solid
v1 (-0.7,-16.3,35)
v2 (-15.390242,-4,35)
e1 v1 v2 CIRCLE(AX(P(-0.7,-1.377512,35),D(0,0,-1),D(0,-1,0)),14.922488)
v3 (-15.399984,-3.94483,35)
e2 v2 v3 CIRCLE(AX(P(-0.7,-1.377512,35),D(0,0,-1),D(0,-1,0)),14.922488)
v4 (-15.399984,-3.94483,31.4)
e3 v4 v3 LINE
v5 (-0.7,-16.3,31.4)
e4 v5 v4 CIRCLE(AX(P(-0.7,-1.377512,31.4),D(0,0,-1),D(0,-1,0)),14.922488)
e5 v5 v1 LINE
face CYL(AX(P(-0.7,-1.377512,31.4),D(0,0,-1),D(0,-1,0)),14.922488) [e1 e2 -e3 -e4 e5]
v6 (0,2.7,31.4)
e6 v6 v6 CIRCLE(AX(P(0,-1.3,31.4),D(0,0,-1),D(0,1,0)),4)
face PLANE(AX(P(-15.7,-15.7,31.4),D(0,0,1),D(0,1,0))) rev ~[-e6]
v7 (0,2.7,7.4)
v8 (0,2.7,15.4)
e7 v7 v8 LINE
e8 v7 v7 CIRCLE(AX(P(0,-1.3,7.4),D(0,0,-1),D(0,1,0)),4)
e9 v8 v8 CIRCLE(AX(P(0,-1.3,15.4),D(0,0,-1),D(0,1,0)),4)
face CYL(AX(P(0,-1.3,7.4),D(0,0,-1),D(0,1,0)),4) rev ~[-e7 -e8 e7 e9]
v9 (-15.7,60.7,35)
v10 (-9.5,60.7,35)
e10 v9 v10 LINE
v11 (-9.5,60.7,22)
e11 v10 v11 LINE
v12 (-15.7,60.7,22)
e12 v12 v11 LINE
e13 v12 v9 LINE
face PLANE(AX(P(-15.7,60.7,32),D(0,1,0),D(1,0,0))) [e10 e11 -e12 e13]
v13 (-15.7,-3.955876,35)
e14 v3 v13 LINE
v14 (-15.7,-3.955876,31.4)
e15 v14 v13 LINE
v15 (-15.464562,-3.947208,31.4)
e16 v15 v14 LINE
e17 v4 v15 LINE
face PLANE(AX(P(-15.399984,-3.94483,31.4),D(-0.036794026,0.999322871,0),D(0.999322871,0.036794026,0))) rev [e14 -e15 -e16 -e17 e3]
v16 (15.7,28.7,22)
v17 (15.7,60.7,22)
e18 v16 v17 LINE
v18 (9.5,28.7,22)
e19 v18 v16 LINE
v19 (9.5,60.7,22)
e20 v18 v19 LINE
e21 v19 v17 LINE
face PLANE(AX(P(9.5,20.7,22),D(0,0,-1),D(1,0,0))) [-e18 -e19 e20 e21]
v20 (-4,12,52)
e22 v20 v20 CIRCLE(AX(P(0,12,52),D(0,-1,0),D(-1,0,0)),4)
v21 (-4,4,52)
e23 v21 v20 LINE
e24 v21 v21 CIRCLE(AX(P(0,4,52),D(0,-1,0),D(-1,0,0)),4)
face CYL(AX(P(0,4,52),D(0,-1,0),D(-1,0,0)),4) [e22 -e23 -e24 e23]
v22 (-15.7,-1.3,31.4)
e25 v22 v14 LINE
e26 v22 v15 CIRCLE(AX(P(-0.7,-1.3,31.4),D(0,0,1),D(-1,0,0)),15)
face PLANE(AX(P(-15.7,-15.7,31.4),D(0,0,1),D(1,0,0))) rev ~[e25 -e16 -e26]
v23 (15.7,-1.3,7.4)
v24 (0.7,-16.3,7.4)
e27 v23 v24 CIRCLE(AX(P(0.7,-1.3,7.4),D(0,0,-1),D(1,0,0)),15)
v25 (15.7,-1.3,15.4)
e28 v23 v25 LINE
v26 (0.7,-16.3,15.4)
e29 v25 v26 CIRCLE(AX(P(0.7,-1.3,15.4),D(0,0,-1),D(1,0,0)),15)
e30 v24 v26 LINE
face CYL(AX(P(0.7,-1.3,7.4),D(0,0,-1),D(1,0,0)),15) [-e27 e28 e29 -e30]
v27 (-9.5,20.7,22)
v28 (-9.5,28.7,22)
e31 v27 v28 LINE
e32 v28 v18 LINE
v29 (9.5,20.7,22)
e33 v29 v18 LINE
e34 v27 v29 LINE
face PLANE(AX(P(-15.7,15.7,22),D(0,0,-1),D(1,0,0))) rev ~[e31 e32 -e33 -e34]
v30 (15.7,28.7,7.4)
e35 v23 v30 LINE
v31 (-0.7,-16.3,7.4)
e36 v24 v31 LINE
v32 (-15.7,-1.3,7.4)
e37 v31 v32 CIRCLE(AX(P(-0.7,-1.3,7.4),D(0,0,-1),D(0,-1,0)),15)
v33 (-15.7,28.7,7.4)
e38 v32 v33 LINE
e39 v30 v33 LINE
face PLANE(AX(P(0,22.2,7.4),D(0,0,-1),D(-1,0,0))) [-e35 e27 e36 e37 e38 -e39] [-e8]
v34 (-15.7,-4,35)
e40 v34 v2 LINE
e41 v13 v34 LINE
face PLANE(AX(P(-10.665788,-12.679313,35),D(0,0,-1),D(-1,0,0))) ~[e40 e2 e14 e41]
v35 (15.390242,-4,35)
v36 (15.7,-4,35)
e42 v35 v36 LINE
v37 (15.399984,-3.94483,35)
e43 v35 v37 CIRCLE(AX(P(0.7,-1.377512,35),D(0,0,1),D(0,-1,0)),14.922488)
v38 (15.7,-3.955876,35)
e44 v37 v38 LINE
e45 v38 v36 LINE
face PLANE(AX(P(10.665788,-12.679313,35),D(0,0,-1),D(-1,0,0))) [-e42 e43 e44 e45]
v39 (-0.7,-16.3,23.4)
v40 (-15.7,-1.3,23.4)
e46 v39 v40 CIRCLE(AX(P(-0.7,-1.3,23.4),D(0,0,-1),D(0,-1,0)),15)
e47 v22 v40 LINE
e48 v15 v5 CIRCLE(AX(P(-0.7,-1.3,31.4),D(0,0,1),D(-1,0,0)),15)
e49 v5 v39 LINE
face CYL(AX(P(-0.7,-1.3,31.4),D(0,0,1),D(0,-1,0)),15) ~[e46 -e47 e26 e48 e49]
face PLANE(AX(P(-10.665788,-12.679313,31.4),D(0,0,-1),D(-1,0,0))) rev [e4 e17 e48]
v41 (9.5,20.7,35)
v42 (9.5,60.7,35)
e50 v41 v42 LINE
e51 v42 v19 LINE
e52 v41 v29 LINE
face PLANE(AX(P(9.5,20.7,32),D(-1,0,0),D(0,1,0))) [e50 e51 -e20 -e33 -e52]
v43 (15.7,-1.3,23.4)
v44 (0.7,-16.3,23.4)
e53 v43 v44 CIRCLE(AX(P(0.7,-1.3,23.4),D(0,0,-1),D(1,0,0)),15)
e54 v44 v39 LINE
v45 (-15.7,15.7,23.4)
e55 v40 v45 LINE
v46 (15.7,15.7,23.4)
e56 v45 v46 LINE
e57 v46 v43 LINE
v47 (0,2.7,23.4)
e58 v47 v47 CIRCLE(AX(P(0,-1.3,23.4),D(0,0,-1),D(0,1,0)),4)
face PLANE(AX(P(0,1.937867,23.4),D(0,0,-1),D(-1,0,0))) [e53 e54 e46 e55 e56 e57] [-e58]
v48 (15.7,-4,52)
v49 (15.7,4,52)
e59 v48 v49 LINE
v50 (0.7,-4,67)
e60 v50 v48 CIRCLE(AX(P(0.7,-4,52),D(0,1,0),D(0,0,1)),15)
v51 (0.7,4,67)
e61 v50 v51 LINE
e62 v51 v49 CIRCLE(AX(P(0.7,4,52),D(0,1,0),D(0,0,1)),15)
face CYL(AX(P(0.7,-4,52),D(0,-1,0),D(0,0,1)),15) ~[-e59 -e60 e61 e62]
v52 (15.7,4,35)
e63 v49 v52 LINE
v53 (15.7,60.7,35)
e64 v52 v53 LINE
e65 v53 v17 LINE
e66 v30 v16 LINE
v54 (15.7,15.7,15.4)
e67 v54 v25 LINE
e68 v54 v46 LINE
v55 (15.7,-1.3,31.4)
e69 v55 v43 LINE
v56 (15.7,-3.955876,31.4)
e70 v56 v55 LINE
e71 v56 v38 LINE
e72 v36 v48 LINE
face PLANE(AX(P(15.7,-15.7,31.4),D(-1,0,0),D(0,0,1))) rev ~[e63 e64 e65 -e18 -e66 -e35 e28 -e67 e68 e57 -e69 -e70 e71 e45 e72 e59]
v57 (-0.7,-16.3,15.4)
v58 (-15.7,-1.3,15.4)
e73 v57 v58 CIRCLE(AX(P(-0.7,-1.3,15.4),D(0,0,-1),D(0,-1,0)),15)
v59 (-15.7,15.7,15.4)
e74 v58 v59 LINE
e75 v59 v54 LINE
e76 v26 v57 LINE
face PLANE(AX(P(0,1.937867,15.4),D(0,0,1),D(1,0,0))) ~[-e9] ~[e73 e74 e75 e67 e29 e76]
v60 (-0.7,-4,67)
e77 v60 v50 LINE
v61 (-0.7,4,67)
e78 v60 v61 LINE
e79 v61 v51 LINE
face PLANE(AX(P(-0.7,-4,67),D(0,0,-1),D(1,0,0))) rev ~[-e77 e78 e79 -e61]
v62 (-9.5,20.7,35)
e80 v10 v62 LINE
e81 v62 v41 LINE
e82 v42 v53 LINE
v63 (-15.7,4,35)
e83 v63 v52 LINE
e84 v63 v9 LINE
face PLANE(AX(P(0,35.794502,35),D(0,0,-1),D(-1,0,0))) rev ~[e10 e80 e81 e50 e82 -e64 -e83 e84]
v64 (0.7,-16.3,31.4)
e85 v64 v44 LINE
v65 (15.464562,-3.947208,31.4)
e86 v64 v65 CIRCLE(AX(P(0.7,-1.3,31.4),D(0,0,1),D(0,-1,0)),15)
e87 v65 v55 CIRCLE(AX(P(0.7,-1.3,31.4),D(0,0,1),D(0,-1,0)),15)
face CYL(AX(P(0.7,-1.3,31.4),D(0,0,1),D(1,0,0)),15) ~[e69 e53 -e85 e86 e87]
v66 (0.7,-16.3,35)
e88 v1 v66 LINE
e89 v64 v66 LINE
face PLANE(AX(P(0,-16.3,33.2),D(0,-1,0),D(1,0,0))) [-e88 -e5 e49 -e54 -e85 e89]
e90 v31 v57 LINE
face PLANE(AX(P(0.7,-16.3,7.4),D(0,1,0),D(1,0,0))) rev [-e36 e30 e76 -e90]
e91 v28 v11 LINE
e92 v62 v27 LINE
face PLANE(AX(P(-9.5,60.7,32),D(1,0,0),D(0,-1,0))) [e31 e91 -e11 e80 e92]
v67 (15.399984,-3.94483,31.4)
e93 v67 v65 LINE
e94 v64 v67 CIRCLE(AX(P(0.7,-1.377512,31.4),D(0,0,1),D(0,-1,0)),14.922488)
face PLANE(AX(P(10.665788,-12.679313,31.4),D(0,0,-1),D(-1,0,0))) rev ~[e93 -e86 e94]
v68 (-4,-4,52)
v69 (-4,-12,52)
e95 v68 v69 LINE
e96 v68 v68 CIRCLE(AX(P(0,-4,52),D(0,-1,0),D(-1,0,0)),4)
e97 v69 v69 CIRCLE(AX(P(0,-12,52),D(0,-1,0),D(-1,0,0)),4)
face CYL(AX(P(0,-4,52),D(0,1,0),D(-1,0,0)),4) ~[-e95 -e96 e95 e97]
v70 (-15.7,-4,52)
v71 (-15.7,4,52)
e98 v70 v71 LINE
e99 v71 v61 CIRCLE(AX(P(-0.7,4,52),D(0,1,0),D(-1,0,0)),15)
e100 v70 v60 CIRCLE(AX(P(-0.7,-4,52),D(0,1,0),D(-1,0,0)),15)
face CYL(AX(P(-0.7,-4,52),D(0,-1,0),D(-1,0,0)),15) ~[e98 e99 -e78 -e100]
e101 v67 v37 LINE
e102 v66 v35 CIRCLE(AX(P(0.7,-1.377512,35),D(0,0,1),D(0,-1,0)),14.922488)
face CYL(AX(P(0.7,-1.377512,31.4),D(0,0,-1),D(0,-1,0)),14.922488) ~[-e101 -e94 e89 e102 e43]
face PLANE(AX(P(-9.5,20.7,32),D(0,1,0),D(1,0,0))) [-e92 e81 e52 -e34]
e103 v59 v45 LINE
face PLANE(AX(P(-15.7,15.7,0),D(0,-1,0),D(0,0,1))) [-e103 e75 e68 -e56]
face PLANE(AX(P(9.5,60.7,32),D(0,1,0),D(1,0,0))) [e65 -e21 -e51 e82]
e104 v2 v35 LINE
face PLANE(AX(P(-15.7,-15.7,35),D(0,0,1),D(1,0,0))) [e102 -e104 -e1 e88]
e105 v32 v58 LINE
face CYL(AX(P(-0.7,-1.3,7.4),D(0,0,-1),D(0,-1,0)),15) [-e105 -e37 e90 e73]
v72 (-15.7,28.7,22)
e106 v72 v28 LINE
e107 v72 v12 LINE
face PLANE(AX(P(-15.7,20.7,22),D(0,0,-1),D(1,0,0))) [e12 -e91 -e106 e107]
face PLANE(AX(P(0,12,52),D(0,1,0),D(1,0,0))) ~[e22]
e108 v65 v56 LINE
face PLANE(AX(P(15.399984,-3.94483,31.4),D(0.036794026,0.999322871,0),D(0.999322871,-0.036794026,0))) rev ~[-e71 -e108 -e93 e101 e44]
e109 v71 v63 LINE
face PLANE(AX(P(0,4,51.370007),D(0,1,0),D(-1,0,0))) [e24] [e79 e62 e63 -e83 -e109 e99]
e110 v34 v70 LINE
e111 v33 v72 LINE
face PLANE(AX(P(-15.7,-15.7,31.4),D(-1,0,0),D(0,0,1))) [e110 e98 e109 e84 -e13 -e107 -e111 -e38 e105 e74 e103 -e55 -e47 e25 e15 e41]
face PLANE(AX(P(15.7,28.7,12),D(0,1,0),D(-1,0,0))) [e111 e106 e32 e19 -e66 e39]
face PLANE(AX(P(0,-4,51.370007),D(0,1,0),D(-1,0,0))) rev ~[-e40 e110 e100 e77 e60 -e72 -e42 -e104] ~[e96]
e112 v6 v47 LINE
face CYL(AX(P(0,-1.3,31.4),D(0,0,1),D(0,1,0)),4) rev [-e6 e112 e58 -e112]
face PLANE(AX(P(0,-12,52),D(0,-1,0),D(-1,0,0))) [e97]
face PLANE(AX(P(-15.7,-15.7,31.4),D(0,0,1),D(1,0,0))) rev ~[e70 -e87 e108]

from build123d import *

# Parameters (mm, degrees)
SKETCH4_W            = 31.4
SKETCH4_H            = 31.4
SKETCH4_W_2          = 25.4
SKETCH4_H_2          = 25.4
BOSS_EXTRUDE3_DEPTH  = 30
SKETCH5_W            = 31.4
SKETCH5_H            = 31.4
BOSS_EXTRUDE4_DEPTH  = 5
SKETCH6_W            = 31.4
SKETCH6_H            = 8
BOSS_EXTRUDE5_DEPTH  = 5
BOSS_EXTRUDE6_DEPTH  = 8
SKETCH8_R            = 4
BOSS_EXTRUDE7_DEPTH  = 8
SKETCH9_W            = 31.4
SKETCH9_H            = 10
BOSS_EXTRUDE8_DEPTH  = 5
SKETCH10_W           = 31.4
SKETCH10_H           = 10
BOSS_EXTRUDE9_DEPTH  = 13
SKETCH11_W           = 6.2
SKETCH11_H           = 10
BOSS_EXTRUDE10_DEPTH = 40
BOSS_EXTRUDE11_DEPTH = 3
SKETCH13_W           = 31.4
SKETCH13_H           = 31.4
CUT_EXTRUDE1_DEPTH   = 31.4
SKETCH15_R           = 4
BOSS_EXTRUDE12_DEPTH = 8
SKETCH16_W           = 31.4
SKETCH16_H           = 13
BOSS_EXTRUDE13_DEPTH = 4.6
SKETCH17_W           = 31.4
SKETCH17_H           = 3.6
BOSS_EXTRUDE14_DEPTH = 0.6
CUT_EXTRUDE2_DEPTH   = 3.6


with BuildPart() as part:
    # Sketch4 → Boss-Extrude3 (new body)
    with BuildSketch(Plane.XY):
        Rectangle(SKETCH4_W, SKETCH4_H)
        Rectangle(SKETCH4_W_2, SKETCH4_H_2, mode=Mode.SUBTRACT)
    extrude(amount=BOSS_EXTRUDE3_DEPTH)

    # Sketch5 → Boss-Extrude4 (add)
    with BuildSketch(Plane.XY.offset(30)):
        Rectangle(SKETCH5_W, SKETCH5_H)
    extrude(amount=BOSS_EXTRUDE4_DEPTH)

    # Sketch6 → Boss-Extrude5 (add)
    with BuildSketch(Plane.XY.offset(35)):
        Rectangle(SKETCH6_W, SKETCH6_H)
    extrude(amount=BOSS_EXTRUDE5_DEPTH)

    # Sketch7 → Boss-Extrude6 (add)
    with BuildSketch(Plane.XZ.offset(4)):
        with BuildLine():
            Line((-15.7, 40), (-15.7, 52))
            ThreePointArc((-15.7, 52), (-11.306601718, 62.606601718), (-0.7, 67))
            Line((-0.7, 67), (0.7, 67))
            ThreePointArc((0.7, 67), (11.306601718, 62.606601718), (15.7, 52))
            Line((15.7, 52), (15.7, 40))
            Line((15.7, 40), (-15.7, 40))
        make_face()
    extrude(amount=-BOSS_EXTRUDE6_DEPTH)

    # Sketch8 → Boss-Extrude7 (add)
    with BuildSketch(Plane.XZ.offset(4)):
        with Locations(Location((0, 52, 0), (0, 0, 180))):
            Circle(SKETCH8_R)
    boss_extrude7 = extrude(amount=BOSS_EXTRUDE7_DEPTH)

    # Mirror1: Boss-Extrude7 across plane
    add(boss_extrude7.mirror(Plane.ZX))

    # Sketch9 → Boss-Extrude8 (add)
    with BuildSketch(Plane(origin=(0, 15.7, 0), x_dir=(1, 0, 0), z_dir=(0, 1, 0))):
        with Locations((0, -27)):
            Rectangle(SKETCH9_W, SKETCH9_H)
    extrude(amount=BOSS_EXTRUDE8_DEPTH)

    # Sketch10 → Boss-Extrude9 (add)
    with BuildSketch(Plane(origin=(0, 15.7, 0), x_dir=(1, 0, 0), z_dir=(0, 1, 0))):
        with Locations((0, -17)):
            Rectangle(SKETCH10_W, SKETCH10_H)
    extrude(amount=BOSS_EXTRUDE9_DEPTH)

    # Sketch11 → Boss-Extrude10 (add)
    with BuildSketch(Plane(origin=(0, 20.7, 0), x_dir=(1, 0, 0), z_dir=(0, 1, 0))):
        with Locations((-12.6, -27)):
            Rectangle(SKETCH11_W, SKETCH11_H)
        with Locations((12.6, -27)):
            Rectangle(SKETCH11_W, SKETCH11_H)
    extrude(amount=BOSS_EXTRUDE10_DEPTH)

    # Sketch12 → Boss-Extrude11 (add)
    with BuildSketch(Plane.XY.offset(32)):
        Polygon((-15.7, 60.7), (-9.5, 60.7), (-9.5, 20.7), (9.5, 20.7), (9.5, 60.7), (15.7, 60.7), (15.7, 15.7), (-15.7, 15.7), align=None)
    extrude(amount=BOSS_EXTRUDE11_DEPTH)

    # Sketch13 → Cut-Extrude1 (cut)
    with BuildSketch(Plane.ZY.offset(15.7)):
        with Locations((15.7, 0)):
            Rectangle(SKETCH13_W, SKETCH13_H)
    extrude(amount=-CUT_EXTRUDE1_DEPTH, mode=Mode.SUBTRACT)

    # Sketch15 → Boss-Extrude12 (add)
    with BuildSketch(Plane(origin=(0, 0, 31.4), x_dir=(-1, 0, 0), z_dir=(0, 0, -1))):
        with BuildLine():
            Line((15.7, -1.3), (15.7, 15.7))
            Line((15.7, 15.7), (-15.7, 15.7))
            Line((-15.7, 15.7), (-15.7, -1.3))
            ThreePointArc((-15.7, -1.3), (-11.306601718, -11.906601718), (-0.7, -16.3))
            Line((-0.7, -16.3), (0.7, -16.3))
            ThreePointArc((0.7, -16.3), (11.306601718, -11.906601718), (15.7, -1.3))
        make_face()
        with Locations(Location((0, -1.3, 0), (0, 0, 90))):
            Circle(SKETCH15_R, mode=Mode.SUBTRACT)
    boss_extrude12 = extrude(amount=BOSS_EXTRUDE12_DEPTH)

    # Mirror2: Boss-Extrude12 across plane
    add(boss_extrude12.mirror(Plane(origin=(0, 0, 19.4), x_dir=(1, 0, 0), z_dir=(0, 0, -1))))

    # Sketch16 → Boss-Extrude13 (add)
    with BuildSketch(Plane(origin=(0, 0, 12), x_dir=(-1, 0, 0), z_dir=(0, 0, -1))):
        with Locations((0, 22.2)):
            Rectangle(SKETCH16_W, SKETCH16_H)
    extrude(amount=BOSS_EXTRUDE13_DEPTH)

    # Sketch17 → Boss-Extrude14 (add)
    with BuildSketch(Plane.XZ.offset(15.7)):
        with Locations((0, 33.2)):
            Rectangle(SKETCH17_W, SKETCH17_H)
    extrude(amount=BOSS_EXTRUDE14_DEPTH)

    # Sketch24 → Cut-Extrude2 (cut)
    with BuildSketch(Plane(origin=(0, 0, 31.4), x_dir=(-1, 0, 0), z_dir=(0, 0, -1))):
        with BuildLine():
            Line((-15.7, -3.955876224), (-15.7, -16.3))
            Line((-15.7, -16.3), (-0.7, -16.3))
            ThreePointArc((-0.7, -16.3), (-10.301298901, -12.800983891), (-15.399984201, -3.944829955))
            Line((-15.399984201, -3.944829955), (-15.7, -3.955876224))
        make_face()
    cut_extrude2 = extrude(amount=-CUT_EXTRUDE2_DEPTH, mode=Mode.SUBTRACT)

    # Mirror3: Cut-Extrude2 across plane
    add(cut_extrude2.mirror(Plane(origin=(0, 0, 0), x_dir=(0, 0, 1), z_dir=(1, 0, 0))), mode=Mode.SUBTRACT)


solid = part.part
